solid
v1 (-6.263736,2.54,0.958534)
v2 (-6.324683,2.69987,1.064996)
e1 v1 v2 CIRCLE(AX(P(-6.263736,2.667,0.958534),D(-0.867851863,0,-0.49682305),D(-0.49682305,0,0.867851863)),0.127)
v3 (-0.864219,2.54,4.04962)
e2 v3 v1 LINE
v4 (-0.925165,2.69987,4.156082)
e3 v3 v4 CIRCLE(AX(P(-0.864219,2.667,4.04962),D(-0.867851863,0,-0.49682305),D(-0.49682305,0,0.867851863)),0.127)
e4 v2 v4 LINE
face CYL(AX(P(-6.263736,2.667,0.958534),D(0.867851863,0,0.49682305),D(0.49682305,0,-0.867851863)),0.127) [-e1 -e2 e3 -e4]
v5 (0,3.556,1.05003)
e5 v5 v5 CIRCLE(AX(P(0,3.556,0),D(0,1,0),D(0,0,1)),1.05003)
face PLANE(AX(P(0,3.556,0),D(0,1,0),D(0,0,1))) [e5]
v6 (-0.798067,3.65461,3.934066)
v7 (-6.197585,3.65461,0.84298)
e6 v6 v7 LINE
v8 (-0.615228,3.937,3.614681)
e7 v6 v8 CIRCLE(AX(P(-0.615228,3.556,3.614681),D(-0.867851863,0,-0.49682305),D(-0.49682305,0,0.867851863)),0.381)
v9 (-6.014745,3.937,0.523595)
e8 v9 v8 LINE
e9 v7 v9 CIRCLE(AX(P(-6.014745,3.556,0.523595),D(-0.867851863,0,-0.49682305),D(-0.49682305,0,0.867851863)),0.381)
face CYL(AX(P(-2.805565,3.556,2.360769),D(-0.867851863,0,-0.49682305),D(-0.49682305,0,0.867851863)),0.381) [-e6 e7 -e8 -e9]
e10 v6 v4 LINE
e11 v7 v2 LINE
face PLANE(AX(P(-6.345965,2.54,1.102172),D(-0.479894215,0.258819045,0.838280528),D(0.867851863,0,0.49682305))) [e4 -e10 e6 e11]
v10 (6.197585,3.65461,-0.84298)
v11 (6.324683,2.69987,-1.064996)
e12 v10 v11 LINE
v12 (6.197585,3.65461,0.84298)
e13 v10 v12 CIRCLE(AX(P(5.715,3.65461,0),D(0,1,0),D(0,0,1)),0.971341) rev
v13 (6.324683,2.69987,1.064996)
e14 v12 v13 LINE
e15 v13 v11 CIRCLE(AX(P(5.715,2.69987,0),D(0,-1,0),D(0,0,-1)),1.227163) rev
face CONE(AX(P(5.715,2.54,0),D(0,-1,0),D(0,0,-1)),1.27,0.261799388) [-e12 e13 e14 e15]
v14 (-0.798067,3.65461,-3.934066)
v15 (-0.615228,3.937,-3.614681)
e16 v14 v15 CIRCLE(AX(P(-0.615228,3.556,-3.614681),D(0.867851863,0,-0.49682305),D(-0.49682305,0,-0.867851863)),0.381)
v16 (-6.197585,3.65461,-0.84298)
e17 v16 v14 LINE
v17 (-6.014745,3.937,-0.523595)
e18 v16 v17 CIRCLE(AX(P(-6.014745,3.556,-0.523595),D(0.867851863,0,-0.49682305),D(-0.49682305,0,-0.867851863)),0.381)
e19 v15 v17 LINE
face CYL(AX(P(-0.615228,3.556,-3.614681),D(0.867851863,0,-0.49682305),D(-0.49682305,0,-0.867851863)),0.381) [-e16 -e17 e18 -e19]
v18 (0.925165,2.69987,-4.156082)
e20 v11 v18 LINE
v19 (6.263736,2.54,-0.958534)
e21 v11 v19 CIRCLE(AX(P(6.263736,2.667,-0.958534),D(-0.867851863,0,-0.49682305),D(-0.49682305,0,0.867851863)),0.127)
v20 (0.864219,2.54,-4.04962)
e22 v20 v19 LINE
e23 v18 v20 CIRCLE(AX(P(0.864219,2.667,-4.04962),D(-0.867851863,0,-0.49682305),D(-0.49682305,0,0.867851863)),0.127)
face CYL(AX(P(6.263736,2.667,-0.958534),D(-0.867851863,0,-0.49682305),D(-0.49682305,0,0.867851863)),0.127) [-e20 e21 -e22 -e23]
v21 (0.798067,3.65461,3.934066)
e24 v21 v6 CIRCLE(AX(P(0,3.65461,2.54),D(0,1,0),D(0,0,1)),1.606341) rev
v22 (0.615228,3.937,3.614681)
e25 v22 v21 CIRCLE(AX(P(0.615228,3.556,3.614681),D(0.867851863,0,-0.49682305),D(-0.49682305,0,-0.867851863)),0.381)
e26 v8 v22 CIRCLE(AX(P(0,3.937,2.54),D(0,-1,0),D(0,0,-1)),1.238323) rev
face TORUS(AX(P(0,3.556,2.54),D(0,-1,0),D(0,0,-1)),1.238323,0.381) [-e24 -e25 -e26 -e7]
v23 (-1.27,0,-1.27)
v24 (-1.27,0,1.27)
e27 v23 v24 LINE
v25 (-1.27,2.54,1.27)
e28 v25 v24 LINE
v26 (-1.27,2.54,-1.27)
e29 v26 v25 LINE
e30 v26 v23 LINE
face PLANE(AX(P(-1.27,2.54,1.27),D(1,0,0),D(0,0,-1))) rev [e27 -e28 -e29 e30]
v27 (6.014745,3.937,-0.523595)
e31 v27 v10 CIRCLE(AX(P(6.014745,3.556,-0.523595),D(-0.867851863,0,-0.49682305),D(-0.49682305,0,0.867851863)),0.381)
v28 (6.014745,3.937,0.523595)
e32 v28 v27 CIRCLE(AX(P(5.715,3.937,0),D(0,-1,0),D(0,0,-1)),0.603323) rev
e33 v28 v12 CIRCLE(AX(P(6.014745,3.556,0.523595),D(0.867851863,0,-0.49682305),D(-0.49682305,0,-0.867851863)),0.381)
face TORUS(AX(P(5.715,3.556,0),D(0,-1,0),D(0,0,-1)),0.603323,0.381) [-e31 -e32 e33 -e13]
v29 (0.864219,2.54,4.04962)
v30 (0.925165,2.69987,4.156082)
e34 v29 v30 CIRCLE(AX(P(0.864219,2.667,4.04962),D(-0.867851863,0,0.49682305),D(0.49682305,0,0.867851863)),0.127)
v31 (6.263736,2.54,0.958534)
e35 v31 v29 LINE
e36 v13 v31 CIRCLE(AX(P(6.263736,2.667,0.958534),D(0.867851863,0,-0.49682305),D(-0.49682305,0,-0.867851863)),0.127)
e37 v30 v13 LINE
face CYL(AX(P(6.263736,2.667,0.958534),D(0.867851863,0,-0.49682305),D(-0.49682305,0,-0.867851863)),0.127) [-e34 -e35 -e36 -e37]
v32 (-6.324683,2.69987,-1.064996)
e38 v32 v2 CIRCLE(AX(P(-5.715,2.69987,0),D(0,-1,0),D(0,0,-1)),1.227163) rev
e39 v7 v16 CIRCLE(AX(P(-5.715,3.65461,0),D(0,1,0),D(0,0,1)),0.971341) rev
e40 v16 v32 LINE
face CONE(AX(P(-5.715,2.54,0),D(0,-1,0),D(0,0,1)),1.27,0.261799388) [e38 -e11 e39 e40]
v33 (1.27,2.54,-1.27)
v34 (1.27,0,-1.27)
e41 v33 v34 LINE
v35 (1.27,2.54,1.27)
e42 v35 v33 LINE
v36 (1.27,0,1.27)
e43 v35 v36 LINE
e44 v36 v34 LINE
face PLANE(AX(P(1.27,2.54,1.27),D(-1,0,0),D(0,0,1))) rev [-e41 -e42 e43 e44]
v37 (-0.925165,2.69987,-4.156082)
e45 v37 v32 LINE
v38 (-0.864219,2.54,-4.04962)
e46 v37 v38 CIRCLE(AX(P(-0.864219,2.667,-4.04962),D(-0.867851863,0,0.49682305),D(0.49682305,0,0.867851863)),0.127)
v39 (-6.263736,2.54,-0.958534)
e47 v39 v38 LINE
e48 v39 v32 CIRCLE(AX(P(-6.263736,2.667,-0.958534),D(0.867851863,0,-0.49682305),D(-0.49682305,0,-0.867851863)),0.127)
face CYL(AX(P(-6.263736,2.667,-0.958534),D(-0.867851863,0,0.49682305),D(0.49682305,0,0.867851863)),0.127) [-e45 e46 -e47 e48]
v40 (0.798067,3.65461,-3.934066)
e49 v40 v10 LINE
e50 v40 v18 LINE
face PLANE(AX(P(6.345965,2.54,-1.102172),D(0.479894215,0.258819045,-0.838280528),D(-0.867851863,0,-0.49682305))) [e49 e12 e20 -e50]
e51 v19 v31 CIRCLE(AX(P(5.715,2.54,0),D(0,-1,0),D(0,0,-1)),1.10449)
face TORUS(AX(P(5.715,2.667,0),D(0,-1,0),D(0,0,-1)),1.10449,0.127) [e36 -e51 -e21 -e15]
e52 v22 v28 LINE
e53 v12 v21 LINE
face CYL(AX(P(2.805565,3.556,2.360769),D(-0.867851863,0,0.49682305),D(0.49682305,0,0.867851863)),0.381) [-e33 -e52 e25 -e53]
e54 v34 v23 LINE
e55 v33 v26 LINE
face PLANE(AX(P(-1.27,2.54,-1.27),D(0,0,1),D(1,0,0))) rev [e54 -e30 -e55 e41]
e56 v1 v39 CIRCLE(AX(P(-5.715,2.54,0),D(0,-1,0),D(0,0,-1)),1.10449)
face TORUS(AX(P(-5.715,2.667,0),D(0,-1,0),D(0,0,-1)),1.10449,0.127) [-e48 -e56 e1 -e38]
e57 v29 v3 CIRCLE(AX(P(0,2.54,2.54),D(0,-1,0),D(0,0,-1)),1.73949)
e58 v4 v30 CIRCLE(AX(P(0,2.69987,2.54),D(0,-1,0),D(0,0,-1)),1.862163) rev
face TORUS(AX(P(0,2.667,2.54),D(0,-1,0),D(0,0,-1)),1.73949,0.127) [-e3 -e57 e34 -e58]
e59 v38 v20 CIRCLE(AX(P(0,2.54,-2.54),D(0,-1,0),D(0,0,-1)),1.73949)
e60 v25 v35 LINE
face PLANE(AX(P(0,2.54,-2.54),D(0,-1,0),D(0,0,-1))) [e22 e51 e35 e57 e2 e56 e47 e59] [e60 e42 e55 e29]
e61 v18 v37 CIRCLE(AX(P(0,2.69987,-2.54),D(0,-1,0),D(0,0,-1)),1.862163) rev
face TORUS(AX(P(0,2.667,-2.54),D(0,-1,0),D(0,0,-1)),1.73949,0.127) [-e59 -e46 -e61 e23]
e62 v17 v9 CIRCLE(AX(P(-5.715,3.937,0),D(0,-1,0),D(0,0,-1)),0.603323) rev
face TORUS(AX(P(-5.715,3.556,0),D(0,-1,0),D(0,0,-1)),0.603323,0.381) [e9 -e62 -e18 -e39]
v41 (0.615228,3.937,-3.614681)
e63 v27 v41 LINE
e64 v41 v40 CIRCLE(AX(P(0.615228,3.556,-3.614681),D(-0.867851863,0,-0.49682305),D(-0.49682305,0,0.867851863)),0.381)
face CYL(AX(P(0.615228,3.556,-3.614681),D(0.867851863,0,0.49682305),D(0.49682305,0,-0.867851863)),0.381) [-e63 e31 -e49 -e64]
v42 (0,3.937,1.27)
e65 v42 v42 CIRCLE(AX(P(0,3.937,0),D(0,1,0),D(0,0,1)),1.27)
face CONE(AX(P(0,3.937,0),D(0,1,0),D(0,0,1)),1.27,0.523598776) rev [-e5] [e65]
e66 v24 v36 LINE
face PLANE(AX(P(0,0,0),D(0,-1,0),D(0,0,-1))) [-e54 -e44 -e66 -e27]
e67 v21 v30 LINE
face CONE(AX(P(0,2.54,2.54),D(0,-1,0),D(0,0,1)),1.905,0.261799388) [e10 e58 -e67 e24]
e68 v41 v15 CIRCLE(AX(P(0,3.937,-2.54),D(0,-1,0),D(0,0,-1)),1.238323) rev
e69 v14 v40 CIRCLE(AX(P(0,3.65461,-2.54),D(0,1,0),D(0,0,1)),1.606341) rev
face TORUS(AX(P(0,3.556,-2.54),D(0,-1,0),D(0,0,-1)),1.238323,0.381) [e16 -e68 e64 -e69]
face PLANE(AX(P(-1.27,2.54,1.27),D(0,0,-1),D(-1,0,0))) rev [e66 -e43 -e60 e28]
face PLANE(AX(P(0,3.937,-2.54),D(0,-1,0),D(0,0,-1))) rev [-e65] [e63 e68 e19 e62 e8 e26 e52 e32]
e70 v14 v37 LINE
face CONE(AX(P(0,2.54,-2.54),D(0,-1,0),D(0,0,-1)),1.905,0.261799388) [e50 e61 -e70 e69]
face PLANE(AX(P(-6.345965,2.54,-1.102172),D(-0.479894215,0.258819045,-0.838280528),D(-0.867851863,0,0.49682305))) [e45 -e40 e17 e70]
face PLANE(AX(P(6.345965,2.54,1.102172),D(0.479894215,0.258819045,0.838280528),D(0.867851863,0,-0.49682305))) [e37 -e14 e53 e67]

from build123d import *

# Parameters (mm, degrees)
SKETCH1_W           = 2.54
SKETCH1_H           = 2.54
BOSS_EXTRUDE1_DEPTH = 2.54
BOSS_EXTRUDE2_DEPTH = 1.397
BOSS_EXTRUDE2_TAPER = 15
FILLET1_R           = 0.381
FILLET2_R           = 0.127
SKETCH3_R           = 1.27
CUT_EXTRUDE1_DEPTH  = 0.381
CUT_EXTRUDE1_TAPER  = 30


with BuildPart() as part:
    # Sketch1 → Boss-Extrude1 (new body)
    with BuildSketch(Plane(origin=(0, 0, 0), x_dir=(1, 0, 0), z_dir=(0, 1, 0))):
        Rectangle(SKETCH1_W, SKETCH1_H)
    extrude(amount=BOSS_EXTRUDE1_DEPTH)

    # Sketch2 → Boss-Extrude2 (add)
    with BuildSketch(Plane(origin=(0, 2.54, 0), x_dir=(1, 0, 0), z_dir=(0, 1, 0))):
        with BuildLine():
            Line((6.345965274, 1.102171866), (0.946447911, 4.1932578))
            ThreePointArc((0.946447911, 4.1932578), (0, 4.445), (-0.946447911, 4.1932578))
            Line((-0.946447911, 4.1932578), (-6.345965274, 1.102171866))
            ThreePointArc((-6.345965274, 1.102171866), (-6.985, 0), (-6.345965274, -1.102171866))
            Line((-6.345965274, -1.102171866), (-0.946447911, -4.1932578))
            ThreePointArc((-0.946447911, -4.1932578), (0, -4.445), (0.946447911, -4.1932578))
            Line((0.946447911, -4.1932578), (6.345965274, -1.102171866))
            ThreePointArc((6.345965274, -1.102171866), (6.985, 0), (6.345965274, 1.102171866))
        make_face()
    extrude(amount=BOSS_EXTRUDE2_DEPTH, taper=BOSS_EXTRUDE2_TAPER)

    # Fillet1
    fillet1_edges = [part.edges().sort_by_distance(p)[0] for p in [
        (0, 3.937, -4.070674978),
        (-3.460233293, 3.937, -2.322856165),
        (-6.610674978, 3.937, 0),
        (-3.460233293, 3.937, 2.322856165),
        (0, 3.937, 4.070674978),
        (3.460233293, 3.937, 2.322856165),
        (6.610674978, 3.937, 0),
        (3.460233293, 3.937, -2.322856165),
    ]]
    fillet(fillet1_edges, radius=FILLET1_R)

    # Fillet2
    fillet2_edges = [part.edges().sort_by_distance(p)[0] for p in [
        (0, 2.54, -4.445),
        (-3.646206592, 2.54, -2.647714833),
        (-6.985, 2.54, 0),
        (-3.646206592, 2.54, 2.647714833),
        (0, 2.54, 4.445),
        (3.646206592, 2.54, 2.647714833),
        (6.985, 2.54, 0),
        (3.646206592, 2.54, -2.647714833),
    ]]
    fillet(fillet2_edges, radius=FILLET2_R)

    # Sketch3 → Cut-Extrude1 (cut)
    with BuildSketch(Plane(origin=(0, 3.937, 0), x_dir=(1, 0, 0), z_dir=(0, 1, 0))):
        Circle(SKETCH3_R)
    extrude(amount=-CUT_EXTRUDE1_DEPTH, taper=CUT_EXTRUDE1_TAPER, mode=Mode.SUBTRACT)


solid = part.part
